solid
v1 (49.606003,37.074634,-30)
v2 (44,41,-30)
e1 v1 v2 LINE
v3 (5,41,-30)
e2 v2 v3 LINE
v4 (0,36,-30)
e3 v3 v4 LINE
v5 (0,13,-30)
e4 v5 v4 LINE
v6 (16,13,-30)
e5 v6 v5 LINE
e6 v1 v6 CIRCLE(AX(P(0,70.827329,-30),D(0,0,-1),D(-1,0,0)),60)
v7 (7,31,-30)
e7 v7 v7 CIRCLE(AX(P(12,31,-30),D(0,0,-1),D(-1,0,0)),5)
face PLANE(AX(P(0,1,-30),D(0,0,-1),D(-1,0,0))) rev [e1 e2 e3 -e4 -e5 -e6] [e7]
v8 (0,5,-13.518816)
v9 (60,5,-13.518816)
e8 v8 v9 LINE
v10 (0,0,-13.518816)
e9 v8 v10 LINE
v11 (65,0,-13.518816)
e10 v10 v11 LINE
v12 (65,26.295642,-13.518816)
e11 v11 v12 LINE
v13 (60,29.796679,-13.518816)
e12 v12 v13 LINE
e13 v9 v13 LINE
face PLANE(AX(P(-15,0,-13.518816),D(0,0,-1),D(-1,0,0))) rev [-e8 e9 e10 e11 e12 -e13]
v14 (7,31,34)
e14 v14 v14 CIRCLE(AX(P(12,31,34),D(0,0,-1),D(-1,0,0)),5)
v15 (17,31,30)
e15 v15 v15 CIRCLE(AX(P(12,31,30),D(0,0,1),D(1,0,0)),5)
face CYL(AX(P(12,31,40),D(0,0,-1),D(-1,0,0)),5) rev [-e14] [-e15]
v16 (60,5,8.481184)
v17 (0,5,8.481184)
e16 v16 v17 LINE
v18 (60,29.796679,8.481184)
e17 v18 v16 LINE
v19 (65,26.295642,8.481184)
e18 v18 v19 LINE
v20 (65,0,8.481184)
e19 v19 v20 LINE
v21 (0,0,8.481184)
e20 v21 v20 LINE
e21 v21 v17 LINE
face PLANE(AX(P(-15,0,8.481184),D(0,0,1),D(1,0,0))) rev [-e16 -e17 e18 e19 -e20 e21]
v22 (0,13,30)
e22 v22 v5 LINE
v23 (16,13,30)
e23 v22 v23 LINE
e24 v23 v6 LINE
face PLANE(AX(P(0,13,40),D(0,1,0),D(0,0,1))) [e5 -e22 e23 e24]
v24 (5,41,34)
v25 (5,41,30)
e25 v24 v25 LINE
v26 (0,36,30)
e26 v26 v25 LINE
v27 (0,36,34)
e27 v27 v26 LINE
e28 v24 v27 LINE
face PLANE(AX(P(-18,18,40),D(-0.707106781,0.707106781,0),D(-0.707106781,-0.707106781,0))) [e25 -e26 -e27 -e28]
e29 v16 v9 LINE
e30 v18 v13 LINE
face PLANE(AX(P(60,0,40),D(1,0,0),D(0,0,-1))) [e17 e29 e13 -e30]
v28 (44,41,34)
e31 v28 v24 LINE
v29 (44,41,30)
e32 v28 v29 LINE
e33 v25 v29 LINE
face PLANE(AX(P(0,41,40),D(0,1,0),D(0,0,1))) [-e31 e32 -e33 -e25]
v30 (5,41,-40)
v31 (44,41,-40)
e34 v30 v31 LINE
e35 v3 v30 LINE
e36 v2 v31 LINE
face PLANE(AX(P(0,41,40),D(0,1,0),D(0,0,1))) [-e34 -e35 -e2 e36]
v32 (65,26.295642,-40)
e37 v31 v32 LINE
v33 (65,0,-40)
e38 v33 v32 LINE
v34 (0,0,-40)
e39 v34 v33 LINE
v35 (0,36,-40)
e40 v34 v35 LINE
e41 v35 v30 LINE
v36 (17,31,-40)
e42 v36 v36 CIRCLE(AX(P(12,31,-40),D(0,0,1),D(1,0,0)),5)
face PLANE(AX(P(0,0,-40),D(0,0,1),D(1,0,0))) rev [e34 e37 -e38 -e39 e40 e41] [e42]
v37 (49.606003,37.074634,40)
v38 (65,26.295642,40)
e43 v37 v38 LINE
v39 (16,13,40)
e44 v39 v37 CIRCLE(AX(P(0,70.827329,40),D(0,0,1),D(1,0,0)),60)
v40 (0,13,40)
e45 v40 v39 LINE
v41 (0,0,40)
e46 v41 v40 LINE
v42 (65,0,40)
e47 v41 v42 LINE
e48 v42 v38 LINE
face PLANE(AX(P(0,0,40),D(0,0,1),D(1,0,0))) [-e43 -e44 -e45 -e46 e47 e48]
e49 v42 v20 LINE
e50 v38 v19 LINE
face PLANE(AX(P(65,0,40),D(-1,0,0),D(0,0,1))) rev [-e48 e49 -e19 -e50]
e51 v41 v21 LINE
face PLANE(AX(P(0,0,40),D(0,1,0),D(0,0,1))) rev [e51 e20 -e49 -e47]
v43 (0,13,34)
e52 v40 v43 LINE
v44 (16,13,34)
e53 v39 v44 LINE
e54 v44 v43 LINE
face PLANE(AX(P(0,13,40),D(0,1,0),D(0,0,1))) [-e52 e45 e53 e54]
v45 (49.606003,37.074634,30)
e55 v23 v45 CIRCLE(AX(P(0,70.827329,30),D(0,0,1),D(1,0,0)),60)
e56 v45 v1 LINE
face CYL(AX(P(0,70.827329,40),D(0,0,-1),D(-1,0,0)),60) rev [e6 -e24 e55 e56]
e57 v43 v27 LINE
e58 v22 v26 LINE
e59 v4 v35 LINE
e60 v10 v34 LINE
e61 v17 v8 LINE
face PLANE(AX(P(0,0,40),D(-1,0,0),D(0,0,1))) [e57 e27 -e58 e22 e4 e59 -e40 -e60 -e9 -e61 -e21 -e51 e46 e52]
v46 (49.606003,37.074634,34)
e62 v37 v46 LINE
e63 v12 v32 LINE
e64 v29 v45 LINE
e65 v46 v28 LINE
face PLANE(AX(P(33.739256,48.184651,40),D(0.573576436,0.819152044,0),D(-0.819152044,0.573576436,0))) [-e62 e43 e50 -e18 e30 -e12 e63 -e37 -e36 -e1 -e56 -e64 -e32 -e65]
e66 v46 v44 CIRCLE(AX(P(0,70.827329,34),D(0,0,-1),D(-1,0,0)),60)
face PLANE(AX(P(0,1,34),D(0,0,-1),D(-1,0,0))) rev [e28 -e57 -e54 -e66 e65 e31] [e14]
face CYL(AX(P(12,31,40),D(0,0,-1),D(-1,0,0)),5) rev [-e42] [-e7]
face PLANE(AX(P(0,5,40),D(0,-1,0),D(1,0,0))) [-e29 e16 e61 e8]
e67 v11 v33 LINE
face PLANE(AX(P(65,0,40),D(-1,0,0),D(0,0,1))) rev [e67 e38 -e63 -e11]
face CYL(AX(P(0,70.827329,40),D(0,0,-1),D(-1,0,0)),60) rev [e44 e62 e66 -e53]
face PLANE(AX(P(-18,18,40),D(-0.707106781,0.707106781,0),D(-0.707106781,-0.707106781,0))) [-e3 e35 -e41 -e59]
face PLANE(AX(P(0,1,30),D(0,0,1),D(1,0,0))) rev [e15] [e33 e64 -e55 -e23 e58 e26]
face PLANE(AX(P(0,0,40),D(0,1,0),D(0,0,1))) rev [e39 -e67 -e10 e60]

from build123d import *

# Parameters (mm, degrees)
SKETCH1_R            = 5
BOSS_EXTRUDE9_DEPTH  = 40
SKETCH6_W            = 49.606003438
SKETCH6_H            = 60
SKETCH6_H_2          = 6
CUT_EXTRUDE5_DEPTH   = 40
BOSS_EXTRUDE11_DEPTH = 40
SKETCH7_W            = 22
SKETCH7_H            = 29.796679389
CUT_EXTRUDE6_DEPTH   = 80
BOSS_EXTRUDE12_DEPTH = 40


with BuildPart() as part:
    # Sketch1 → Boss-Extrude9 (new, symmetric)
    with BuildSketch(Plane.XY):
        with BuildLine():
            ThreePointArc((16, 13), (34.941864918, 22.051658235), (49.606003438, 37.074634133))
            Line((49.606003438, 37.074634133), (44, 41))
            Line((44, 41), (5, 41))
            Line((5, 41), (0, 36))
            Line((0, 36), (0, 13))
            Line((0, 13), (16, 13))
        make_face()
        with Locations((12, 31)):
            Circle(SKETCH1_R, mode=Mode.SUBTRACT)
    extrude(amount=BOSS_EXTRUDE9_DEPTH, both=True)

    # Sketch6 → Cut-Extrude5 (cut)
    with BuildSketch(Plane(origin=(0, 41, 0), x_dir=(1, 0, 0), z_dir=(0, 1, 0))):
        with Locations((24.803001719, 0)):
            Rectangle(SKETCH6_W, SKETCH6_H)
        with Locations((24.803001719, -37)):
            Rectangle(SKETCH6_W, SKETCH6_H_2)
    extrude(amount=-CUT_EXTRUDE5_DEPTH, mode=Mode.SUBTRACT)


with BuildPart() as cut_extrude5_piece_1:
    # of the separate pieces the step leaves, piece 1, a body of its own (cut_extrude5_pieces)
    add(part.part.solids().sort_by_distance((16, 13, -30))[0])



with BuildPart() as cut_extrude5_piece_2:
    # of the separate pieces the step leaves, piece 2, a body of its own (cut_extrude5_pieces)
    add(part.part.solids().sort_by_distance((16, 13, 34))[0])


with BuildPart() as body_3:
    # Sketch1<13> → Boss-Extrude11 (new, symmetric)
    with BuildSketch(Plane.XY):
        Polygon((65, 26.295641698), (60, 29.796679389), (60, 5), (0, 5), (0, 0), (65, 0), align=None)
    extrude(amount=BOSS_EXTRUDE11_DEPTH, both=True)

    # Sketch7 → Cut-Extrude6 (cut)
    with BuildSketch(Plane(origin=(65, 0, 0), x_dir=(0, 0, -1), z_dir=(1, 0, 0))):
        with Locations((2.518815971, 14.898339695)):
            Rectangle(SKETCH7_W, SKETCH7_H)
    extrude(amount=-CUT_EXTRUDE6_DEPTH, mode=Mode.SUBTRACT)


with BuildPart() as cut_extrude6_piece_1:
    # of the separate pieces the step leaves, piece 1, a body of its own (cut_extrude6_pieces)
    add(body_3.part.solids().sort_by_distance((65, 26.295641698, 40))[0])


with BuildPart() as cut_extrude6_piece_2:
    # of the separate pieces the step leaves, piece 2, a body of its own (cut_extrude6_pieces)
    add(body_3.part.solids().sort_by_distance((65, 26.295641698, -13.518815971))[0])


with BuildPart() as cut_extrude5_piece_1_1:
    add(cut_extrude5_piece_1.part)

    add(cut_extrude5_piece_2.part)  # Boss-Extrude12 merges Cut-Extrude5 piece 2

    add(cut_extrude6_piece_1.part)  # Boss-Extrude12 merges Cut-Extrude6 piece 1

    add(cut_extrude6_piece_2.part)  # Boss-Extrude12 merges Cut-Extrude6 piece 2
    # Sketch1<14> → Boss-Extrude12 (add, symmetric)
    with BuildSketch(Plane.XY):
        with BuildLine():
            Line((60, 5), (60, 29.796679389))
            Line((60, 29.796679389), (49.606003438, 37.074634133))
            ThreePointArc((49.606003438, 37.074634133), (34.941864918, 22.051658235), (16, 13))
            Line((16, 13), (0, 13))
            Line((0, 13), (0, 5))
            Line((0, 5), (60, 5))
        make_face()
    extrude(amount=BOSS_EXTRUDE12_DEPTH, both=True)


solid = cut_extrude5_piece_1_1.part
